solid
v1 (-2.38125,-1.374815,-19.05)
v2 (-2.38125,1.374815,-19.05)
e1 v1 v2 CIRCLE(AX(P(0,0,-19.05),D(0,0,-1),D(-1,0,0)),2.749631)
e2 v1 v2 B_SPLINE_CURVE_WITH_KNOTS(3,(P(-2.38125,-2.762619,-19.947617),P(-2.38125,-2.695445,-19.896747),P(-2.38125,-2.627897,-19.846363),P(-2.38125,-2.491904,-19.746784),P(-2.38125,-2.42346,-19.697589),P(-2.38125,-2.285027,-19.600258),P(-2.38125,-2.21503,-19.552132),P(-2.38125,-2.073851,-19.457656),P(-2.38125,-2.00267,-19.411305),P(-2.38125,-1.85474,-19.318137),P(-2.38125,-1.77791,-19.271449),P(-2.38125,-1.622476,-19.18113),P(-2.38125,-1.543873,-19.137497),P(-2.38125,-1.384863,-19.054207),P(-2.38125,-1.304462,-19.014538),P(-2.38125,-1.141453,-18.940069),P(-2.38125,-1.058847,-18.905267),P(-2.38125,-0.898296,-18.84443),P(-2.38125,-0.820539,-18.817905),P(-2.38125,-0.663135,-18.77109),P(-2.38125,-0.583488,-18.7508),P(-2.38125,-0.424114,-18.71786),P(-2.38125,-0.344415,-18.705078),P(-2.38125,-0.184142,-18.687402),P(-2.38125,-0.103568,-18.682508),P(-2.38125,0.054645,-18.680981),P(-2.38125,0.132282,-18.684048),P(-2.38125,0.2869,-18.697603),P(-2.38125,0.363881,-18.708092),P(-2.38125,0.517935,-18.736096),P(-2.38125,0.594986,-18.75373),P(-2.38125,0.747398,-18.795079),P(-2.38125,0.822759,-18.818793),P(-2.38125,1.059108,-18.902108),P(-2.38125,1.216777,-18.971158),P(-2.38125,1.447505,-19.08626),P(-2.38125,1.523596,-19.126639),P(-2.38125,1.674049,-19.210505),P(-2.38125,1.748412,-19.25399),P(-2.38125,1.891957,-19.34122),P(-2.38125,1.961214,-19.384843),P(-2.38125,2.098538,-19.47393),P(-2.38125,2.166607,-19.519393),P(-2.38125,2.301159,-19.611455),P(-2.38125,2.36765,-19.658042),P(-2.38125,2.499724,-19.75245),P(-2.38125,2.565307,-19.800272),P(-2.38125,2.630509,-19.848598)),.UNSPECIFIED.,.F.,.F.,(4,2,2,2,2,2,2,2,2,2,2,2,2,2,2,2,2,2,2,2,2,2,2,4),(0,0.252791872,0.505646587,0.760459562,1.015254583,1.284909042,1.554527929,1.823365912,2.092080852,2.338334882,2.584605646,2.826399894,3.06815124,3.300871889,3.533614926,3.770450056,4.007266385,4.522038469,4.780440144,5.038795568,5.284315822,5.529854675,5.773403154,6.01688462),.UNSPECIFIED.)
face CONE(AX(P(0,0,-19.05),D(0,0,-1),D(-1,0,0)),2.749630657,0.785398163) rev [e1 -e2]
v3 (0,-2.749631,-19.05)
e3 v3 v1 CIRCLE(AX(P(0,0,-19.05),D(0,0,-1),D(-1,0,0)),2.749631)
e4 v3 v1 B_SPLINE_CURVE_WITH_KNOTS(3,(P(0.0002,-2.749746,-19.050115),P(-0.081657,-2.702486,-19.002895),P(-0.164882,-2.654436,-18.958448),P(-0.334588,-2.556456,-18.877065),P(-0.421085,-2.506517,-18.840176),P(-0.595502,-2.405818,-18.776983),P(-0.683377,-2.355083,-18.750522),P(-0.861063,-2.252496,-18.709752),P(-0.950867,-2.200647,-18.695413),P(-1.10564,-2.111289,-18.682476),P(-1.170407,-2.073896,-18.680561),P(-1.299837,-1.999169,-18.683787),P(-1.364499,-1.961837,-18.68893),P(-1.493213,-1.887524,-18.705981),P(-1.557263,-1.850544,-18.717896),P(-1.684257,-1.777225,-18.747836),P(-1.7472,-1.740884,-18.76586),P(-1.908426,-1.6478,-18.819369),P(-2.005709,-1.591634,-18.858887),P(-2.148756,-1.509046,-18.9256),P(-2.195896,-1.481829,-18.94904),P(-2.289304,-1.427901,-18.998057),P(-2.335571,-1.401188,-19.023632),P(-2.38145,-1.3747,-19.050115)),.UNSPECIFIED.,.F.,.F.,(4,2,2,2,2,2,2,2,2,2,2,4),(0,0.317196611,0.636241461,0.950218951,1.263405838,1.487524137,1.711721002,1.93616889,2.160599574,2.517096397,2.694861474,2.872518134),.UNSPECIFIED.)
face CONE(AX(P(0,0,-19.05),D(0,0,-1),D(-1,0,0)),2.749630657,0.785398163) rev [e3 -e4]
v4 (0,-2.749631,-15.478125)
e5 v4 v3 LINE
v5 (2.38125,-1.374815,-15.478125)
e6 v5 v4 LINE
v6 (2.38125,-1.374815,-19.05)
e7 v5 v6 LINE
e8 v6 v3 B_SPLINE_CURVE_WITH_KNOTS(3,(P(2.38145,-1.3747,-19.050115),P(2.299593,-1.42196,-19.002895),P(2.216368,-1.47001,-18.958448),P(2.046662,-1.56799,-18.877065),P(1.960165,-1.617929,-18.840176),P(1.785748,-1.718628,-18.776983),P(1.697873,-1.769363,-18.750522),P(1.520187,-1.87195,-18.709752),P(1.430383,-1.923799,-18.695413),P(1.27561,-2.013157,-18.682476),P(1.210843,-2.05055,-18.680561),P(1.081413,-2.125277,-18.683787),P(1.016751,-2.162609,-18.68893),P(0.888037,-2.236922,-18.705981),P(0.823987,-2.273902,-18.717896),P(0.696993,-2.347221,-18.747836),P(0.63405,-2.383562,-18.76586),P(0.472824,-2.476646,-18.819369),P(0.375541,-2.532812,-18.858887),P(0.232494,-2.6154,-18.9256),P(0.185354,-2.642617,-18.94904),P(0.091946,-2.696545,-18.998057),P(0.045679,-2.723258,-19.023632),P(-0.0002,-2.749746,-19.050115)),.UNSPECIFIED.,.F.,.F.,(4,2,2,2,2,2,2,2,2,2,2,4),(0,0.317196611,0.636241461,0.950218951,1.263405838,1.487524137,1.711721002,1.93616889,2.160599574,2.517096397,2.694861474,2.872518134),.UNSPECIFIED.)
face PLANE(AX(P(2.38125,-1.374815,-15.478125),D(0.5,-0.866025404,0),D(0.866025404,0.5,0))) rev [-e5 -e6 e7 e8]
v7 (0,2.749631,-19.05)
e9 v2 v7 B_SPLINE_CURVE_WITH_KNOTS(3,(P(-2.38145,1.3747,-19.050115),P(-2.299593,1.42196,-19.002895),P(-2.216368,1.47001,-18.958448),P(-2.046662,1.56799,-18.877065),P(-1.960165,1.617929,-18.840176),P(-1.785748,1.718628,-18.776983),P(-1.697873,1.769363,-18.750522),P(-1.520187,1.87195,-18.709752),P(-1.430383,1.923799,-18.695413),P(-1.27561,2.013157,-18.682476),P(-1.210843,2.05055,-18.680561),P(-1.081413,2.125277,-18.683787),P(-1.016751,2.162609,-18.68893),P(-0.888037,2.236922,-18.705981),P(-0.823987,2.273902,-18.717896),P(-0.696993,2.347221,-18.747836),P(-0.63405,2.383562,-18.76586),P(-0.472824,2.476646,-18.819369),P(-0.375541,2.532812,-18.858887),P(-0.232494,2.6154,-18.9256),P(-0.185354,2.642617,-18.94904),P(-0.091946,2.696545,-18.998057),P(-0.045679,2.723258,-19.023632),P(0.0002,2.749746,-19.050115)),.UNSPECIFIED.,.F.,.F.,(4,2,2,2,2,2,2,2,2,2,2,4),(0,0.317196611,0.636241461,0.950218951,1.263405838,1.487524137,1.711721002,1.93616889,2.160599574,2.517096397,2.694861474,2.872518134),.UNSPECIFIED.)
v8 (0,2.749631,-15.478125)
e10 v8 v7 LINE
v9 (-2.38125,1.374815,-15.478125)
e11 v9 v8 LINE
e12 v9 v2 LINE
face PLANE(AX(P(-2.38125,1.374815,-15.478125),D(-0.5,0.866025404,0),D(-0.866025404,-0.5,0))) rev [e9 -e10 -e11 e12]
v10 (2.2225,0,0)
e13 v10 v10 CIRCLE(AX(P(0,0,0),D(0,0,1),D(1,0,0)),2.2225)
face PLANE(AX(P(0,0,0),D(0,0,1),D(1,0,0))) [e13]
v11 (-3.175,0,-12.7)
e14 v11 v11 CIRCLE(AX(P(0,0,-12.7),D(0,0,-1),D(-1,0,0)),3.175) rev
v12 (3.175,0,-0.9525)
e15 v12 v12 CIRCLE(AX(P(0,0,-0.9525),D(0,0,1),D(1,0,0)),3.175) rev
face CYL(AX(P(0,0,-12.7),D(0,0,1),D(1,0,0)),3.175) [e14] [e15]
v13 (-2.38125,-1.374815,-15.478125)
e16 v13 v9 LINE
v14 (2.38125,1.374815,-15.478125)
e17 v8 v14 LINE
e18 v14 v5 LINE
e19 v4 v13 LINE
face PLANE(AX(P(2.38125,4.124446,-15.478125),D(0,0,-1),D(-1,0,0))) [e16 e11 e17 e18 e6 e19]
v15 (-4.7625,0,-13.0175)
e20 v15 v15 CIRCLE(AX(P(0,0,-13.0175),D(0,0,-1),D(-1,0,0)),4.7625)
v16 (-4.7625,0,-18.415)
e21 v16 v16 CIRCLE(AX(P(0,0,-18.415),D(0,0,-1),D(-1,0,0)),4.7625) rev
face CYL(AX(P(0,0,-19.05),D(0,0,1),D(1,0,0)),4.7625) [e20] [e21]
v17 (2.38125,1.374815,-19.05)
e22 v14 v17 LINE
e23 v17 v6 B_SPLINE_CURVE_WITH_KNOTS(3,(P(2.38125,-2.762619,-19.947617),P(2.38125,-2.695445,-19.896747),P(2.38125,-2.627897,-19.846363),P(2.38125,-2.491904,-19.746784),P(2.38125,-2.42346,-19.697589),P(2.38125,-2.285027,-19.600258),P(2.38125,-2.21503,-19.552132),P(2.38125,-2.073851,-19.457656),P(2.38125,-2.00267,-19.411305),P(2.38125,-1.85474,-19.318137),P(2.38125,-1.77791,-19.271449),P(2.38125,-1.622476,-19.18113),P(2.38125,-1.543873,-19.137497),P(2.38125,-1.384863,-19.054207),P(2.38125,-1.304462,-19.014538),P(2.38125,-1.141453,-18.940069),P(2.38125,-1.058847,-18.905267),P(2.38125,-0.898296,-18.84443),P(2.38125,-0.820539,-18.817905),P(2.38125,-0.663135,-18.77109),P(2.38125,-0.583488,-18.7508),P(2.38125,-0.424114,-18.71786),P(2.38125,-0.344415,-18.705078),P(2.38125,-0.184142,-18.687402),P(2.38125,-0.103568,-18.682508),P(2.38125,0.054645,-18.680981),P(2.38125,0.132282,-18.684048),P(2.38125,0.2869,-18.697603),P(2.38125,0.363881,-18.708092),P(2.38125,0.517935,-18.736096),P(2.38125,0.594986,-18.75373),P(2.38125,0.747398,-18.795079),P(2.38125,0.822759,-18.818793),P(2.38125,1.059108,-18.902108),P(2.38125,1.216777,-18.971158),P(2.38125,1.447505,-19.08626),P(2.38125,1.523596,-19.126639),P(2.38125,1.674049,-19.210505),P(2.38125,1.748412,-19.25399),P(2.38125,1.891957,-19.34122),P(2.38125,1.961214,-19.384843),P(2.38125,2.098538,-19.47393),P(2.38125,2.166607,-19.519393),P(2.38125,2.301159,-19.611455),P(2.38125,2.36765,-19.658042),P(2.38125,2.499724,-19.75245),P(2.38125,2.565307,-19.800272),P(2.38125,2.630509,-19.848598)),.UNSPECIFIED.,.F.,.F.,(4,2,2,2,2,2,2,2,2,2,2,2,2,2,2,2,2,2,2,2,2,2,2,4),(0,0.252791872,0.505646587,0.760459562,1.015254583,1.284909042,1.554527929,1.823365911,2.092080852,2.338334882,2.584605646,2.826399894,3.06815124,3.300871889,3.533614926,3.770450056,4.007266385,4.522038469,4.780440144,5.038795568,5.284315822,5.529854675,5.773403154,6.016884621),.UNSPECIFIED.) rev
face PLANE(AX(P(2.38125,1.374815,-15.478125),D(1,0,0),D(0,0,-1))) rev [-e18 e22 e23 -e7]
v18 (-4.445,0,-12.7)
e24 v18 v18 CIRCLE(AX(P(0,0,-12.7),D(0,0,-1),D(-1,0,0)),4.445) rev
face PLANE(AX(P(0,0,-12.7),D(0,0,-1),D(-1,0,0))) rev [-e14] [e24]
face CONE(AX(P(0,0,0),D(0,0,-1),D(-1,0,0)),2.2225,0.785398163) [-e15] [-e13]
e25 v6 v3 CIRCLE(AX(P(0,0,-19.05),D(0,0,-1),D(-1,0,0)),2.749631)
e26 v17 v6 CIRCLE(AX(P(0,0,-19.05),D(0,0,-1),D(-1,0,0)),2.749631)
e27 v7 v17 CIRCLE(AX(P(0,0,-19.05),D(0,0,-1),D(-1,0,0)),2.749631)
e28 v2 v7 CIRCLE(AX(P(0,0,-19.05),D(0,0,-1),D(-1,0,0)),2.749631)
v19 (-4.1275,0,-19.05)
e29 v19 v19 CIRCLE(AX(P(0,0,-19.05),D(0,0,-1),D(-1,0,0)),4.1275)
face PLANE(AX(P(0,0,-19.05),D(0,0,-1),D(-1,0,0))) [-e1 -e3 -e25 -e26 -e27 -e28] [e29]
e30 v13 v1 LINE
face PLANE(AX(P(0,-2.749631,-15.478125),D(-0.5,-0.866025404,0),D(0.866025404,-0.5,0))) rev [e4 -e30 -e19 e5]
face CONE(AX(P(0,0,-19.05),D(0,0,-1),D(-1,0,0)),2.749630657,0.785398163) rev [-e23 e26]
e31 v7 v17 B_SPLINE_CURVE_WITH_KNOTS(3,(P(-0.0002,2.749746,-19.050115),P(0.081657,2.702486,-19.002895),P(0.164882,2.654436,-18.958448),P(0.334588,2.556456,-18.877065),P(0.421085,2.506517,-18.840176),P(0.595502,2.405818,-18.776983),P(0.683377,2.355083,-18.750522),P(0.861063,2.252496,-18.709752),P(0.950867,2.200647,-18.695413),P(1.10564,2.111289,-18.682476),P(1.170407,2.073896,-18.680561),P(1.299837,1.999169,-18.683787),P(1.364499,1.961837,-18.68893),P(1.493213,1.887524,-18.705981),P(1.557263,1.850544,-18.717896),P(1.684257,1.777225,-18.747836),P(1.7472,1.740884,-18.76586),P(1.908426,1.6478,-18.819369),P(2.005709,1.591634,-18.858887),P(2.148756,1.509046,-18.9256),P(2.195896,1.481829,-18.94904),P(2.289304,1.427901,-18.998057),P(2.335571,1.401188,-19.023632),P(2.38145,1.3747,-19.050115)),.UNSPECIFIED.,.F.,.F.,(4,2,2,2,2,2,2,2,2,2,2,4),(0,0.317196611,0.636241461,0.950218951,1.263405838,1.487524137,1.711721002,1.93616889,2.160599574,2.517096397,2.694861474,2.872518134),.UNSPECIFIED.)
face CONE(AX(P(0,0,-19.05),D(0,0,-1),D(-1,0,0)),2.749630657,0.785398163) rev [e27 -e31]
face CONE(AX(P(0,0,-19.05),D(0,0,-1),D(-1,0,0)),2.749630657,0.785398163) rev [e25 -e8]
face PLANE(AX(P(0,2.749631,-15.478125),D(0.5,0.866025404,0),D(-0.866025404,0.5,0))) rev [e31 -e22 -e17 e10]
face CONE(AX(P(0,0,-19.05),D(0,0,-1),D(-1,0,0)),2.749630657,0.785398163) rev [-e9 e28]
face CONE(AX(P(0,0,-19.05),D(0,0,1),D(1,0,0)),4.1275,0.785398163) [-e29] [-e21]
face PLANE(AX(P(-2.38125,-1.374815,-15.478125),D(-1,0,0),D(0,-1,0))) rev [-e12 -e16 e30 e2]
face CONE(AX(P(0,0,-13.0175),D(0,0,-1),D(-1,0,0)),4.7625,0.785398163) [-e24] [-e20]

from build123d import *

# Parameters (mm, degrees)
SKETCH1_R          = 3.175
EXTRUDE1_DEPTH     = 12.7
CHAMFER3_SIZE      = 0.9525
SKETCH6_R          = 4.7625
EXTRUDE2_DEPTH     = 6.35
CUT_EXTRUDE1_DEPTH = 3.571875
SKETCH8_R          = 2.749630657
CUT_EXTRUDE2_DEPTH = 0.635
CUT_EXTRUDE2_DRAFT = -45
CHAMFER1_SIZE      = 0.635
CHAMFER2_SIZE      = 0.3175


with BuildPart() as part:
    # Sketch1 → Extrude1 (new body)
    with BuildSketch(Plane.XY):
        Circle(SKETCH1_R)
    extrude(amount=-EXTRUDE1_DEPTH)

    # Chamfer3
    chamfer3_edges = [part.edges().sort_by_distance(p)[0] for p in [
        (-3.175, 0, 0),
    ]]
    chamfer(chamfer3_edges, length=CHAMFER3_SIZE)

    # Sketch6 → Extrude2 (add)
    with BuildSketch(Plane(origin=(0, 0, -12.7), x_dir=(-1, 0, 0), z_dir=(0, 0, -1))):
        Circle(SKETCH6_R)
    extrude(amount=EXTRUDE2_DEPTH)

    # Sketch7 → Cut-Extrude1 (cut)
    with BuildSketch(Plane(origin=(0, 0, -19.05), x_dir=(-1, 0, 0), z_dir=(0, 0, -1))):
        Polygon((0, 2.749630657), (-2.38125, 1.374815329), (-2.38125, -1.374815329), (0, -2.749630657), (2.38125, -1.374815329), (2.38125, 1.374815329), align=None)
    extrude(amount=-CUT_EXTRUDE1_DEPTH, mode=Mode.SUBTRACT)


with BuildPart() as cut_extrude2_tool:
    # Sketch8 → Cut-Extrude2 (with draft: the straight prism first)
    with BuildSketch(Plane(origin=(0, 0, -19.05), x_dir=(-1, 0, 0), z_dir=(0, 0, -1))):
        Circle(SKETCH8_R)
    extrude(amount=-CUT_EXTRUDE2_DEPTH)
    # Cut-Extrude2: the draft: its side faces are tilted about the plane it starts from
    cut_extrude2_sides = [cut_extrude2_tool.faces().sort_by_distance(p)[0] for p in [
        (2.749630657, 0, -18.7325),
    ]]
    draft(cut_extrude2_sides, Plane(origin=(0, 0, -19.05), x_dir=(-1, 0, 0), z_dir=(0, 0, -1)), CUT_EXTRUDE2_DRAFT)


with BuildPart() as part_1:
    add(part.part)

    # Cut-Extrude2: cut by cut_extrude2_tool
    add(cut_extrude2_tool.part, mode=Mode.SUBTRACT)

    # Chamfer1
    chamfer1_edges = [part_1.edges().sort_by_distance(p)[0] for p in [
        (4.7625, 0, -19.05),
    ]]
    chamfer(chamfer1_edges, length=CHAMFER1_SIZE)

    # Chamfer2
    chamfer2_edges = [part_1.edges().sort_by_distance(p)[0] for p in [
        (4.7625, 0, -12.7),
    ]]
    chamfer(chamfer2_edges, length=CHAMFER2_SIZE)


solid = part_1.part
